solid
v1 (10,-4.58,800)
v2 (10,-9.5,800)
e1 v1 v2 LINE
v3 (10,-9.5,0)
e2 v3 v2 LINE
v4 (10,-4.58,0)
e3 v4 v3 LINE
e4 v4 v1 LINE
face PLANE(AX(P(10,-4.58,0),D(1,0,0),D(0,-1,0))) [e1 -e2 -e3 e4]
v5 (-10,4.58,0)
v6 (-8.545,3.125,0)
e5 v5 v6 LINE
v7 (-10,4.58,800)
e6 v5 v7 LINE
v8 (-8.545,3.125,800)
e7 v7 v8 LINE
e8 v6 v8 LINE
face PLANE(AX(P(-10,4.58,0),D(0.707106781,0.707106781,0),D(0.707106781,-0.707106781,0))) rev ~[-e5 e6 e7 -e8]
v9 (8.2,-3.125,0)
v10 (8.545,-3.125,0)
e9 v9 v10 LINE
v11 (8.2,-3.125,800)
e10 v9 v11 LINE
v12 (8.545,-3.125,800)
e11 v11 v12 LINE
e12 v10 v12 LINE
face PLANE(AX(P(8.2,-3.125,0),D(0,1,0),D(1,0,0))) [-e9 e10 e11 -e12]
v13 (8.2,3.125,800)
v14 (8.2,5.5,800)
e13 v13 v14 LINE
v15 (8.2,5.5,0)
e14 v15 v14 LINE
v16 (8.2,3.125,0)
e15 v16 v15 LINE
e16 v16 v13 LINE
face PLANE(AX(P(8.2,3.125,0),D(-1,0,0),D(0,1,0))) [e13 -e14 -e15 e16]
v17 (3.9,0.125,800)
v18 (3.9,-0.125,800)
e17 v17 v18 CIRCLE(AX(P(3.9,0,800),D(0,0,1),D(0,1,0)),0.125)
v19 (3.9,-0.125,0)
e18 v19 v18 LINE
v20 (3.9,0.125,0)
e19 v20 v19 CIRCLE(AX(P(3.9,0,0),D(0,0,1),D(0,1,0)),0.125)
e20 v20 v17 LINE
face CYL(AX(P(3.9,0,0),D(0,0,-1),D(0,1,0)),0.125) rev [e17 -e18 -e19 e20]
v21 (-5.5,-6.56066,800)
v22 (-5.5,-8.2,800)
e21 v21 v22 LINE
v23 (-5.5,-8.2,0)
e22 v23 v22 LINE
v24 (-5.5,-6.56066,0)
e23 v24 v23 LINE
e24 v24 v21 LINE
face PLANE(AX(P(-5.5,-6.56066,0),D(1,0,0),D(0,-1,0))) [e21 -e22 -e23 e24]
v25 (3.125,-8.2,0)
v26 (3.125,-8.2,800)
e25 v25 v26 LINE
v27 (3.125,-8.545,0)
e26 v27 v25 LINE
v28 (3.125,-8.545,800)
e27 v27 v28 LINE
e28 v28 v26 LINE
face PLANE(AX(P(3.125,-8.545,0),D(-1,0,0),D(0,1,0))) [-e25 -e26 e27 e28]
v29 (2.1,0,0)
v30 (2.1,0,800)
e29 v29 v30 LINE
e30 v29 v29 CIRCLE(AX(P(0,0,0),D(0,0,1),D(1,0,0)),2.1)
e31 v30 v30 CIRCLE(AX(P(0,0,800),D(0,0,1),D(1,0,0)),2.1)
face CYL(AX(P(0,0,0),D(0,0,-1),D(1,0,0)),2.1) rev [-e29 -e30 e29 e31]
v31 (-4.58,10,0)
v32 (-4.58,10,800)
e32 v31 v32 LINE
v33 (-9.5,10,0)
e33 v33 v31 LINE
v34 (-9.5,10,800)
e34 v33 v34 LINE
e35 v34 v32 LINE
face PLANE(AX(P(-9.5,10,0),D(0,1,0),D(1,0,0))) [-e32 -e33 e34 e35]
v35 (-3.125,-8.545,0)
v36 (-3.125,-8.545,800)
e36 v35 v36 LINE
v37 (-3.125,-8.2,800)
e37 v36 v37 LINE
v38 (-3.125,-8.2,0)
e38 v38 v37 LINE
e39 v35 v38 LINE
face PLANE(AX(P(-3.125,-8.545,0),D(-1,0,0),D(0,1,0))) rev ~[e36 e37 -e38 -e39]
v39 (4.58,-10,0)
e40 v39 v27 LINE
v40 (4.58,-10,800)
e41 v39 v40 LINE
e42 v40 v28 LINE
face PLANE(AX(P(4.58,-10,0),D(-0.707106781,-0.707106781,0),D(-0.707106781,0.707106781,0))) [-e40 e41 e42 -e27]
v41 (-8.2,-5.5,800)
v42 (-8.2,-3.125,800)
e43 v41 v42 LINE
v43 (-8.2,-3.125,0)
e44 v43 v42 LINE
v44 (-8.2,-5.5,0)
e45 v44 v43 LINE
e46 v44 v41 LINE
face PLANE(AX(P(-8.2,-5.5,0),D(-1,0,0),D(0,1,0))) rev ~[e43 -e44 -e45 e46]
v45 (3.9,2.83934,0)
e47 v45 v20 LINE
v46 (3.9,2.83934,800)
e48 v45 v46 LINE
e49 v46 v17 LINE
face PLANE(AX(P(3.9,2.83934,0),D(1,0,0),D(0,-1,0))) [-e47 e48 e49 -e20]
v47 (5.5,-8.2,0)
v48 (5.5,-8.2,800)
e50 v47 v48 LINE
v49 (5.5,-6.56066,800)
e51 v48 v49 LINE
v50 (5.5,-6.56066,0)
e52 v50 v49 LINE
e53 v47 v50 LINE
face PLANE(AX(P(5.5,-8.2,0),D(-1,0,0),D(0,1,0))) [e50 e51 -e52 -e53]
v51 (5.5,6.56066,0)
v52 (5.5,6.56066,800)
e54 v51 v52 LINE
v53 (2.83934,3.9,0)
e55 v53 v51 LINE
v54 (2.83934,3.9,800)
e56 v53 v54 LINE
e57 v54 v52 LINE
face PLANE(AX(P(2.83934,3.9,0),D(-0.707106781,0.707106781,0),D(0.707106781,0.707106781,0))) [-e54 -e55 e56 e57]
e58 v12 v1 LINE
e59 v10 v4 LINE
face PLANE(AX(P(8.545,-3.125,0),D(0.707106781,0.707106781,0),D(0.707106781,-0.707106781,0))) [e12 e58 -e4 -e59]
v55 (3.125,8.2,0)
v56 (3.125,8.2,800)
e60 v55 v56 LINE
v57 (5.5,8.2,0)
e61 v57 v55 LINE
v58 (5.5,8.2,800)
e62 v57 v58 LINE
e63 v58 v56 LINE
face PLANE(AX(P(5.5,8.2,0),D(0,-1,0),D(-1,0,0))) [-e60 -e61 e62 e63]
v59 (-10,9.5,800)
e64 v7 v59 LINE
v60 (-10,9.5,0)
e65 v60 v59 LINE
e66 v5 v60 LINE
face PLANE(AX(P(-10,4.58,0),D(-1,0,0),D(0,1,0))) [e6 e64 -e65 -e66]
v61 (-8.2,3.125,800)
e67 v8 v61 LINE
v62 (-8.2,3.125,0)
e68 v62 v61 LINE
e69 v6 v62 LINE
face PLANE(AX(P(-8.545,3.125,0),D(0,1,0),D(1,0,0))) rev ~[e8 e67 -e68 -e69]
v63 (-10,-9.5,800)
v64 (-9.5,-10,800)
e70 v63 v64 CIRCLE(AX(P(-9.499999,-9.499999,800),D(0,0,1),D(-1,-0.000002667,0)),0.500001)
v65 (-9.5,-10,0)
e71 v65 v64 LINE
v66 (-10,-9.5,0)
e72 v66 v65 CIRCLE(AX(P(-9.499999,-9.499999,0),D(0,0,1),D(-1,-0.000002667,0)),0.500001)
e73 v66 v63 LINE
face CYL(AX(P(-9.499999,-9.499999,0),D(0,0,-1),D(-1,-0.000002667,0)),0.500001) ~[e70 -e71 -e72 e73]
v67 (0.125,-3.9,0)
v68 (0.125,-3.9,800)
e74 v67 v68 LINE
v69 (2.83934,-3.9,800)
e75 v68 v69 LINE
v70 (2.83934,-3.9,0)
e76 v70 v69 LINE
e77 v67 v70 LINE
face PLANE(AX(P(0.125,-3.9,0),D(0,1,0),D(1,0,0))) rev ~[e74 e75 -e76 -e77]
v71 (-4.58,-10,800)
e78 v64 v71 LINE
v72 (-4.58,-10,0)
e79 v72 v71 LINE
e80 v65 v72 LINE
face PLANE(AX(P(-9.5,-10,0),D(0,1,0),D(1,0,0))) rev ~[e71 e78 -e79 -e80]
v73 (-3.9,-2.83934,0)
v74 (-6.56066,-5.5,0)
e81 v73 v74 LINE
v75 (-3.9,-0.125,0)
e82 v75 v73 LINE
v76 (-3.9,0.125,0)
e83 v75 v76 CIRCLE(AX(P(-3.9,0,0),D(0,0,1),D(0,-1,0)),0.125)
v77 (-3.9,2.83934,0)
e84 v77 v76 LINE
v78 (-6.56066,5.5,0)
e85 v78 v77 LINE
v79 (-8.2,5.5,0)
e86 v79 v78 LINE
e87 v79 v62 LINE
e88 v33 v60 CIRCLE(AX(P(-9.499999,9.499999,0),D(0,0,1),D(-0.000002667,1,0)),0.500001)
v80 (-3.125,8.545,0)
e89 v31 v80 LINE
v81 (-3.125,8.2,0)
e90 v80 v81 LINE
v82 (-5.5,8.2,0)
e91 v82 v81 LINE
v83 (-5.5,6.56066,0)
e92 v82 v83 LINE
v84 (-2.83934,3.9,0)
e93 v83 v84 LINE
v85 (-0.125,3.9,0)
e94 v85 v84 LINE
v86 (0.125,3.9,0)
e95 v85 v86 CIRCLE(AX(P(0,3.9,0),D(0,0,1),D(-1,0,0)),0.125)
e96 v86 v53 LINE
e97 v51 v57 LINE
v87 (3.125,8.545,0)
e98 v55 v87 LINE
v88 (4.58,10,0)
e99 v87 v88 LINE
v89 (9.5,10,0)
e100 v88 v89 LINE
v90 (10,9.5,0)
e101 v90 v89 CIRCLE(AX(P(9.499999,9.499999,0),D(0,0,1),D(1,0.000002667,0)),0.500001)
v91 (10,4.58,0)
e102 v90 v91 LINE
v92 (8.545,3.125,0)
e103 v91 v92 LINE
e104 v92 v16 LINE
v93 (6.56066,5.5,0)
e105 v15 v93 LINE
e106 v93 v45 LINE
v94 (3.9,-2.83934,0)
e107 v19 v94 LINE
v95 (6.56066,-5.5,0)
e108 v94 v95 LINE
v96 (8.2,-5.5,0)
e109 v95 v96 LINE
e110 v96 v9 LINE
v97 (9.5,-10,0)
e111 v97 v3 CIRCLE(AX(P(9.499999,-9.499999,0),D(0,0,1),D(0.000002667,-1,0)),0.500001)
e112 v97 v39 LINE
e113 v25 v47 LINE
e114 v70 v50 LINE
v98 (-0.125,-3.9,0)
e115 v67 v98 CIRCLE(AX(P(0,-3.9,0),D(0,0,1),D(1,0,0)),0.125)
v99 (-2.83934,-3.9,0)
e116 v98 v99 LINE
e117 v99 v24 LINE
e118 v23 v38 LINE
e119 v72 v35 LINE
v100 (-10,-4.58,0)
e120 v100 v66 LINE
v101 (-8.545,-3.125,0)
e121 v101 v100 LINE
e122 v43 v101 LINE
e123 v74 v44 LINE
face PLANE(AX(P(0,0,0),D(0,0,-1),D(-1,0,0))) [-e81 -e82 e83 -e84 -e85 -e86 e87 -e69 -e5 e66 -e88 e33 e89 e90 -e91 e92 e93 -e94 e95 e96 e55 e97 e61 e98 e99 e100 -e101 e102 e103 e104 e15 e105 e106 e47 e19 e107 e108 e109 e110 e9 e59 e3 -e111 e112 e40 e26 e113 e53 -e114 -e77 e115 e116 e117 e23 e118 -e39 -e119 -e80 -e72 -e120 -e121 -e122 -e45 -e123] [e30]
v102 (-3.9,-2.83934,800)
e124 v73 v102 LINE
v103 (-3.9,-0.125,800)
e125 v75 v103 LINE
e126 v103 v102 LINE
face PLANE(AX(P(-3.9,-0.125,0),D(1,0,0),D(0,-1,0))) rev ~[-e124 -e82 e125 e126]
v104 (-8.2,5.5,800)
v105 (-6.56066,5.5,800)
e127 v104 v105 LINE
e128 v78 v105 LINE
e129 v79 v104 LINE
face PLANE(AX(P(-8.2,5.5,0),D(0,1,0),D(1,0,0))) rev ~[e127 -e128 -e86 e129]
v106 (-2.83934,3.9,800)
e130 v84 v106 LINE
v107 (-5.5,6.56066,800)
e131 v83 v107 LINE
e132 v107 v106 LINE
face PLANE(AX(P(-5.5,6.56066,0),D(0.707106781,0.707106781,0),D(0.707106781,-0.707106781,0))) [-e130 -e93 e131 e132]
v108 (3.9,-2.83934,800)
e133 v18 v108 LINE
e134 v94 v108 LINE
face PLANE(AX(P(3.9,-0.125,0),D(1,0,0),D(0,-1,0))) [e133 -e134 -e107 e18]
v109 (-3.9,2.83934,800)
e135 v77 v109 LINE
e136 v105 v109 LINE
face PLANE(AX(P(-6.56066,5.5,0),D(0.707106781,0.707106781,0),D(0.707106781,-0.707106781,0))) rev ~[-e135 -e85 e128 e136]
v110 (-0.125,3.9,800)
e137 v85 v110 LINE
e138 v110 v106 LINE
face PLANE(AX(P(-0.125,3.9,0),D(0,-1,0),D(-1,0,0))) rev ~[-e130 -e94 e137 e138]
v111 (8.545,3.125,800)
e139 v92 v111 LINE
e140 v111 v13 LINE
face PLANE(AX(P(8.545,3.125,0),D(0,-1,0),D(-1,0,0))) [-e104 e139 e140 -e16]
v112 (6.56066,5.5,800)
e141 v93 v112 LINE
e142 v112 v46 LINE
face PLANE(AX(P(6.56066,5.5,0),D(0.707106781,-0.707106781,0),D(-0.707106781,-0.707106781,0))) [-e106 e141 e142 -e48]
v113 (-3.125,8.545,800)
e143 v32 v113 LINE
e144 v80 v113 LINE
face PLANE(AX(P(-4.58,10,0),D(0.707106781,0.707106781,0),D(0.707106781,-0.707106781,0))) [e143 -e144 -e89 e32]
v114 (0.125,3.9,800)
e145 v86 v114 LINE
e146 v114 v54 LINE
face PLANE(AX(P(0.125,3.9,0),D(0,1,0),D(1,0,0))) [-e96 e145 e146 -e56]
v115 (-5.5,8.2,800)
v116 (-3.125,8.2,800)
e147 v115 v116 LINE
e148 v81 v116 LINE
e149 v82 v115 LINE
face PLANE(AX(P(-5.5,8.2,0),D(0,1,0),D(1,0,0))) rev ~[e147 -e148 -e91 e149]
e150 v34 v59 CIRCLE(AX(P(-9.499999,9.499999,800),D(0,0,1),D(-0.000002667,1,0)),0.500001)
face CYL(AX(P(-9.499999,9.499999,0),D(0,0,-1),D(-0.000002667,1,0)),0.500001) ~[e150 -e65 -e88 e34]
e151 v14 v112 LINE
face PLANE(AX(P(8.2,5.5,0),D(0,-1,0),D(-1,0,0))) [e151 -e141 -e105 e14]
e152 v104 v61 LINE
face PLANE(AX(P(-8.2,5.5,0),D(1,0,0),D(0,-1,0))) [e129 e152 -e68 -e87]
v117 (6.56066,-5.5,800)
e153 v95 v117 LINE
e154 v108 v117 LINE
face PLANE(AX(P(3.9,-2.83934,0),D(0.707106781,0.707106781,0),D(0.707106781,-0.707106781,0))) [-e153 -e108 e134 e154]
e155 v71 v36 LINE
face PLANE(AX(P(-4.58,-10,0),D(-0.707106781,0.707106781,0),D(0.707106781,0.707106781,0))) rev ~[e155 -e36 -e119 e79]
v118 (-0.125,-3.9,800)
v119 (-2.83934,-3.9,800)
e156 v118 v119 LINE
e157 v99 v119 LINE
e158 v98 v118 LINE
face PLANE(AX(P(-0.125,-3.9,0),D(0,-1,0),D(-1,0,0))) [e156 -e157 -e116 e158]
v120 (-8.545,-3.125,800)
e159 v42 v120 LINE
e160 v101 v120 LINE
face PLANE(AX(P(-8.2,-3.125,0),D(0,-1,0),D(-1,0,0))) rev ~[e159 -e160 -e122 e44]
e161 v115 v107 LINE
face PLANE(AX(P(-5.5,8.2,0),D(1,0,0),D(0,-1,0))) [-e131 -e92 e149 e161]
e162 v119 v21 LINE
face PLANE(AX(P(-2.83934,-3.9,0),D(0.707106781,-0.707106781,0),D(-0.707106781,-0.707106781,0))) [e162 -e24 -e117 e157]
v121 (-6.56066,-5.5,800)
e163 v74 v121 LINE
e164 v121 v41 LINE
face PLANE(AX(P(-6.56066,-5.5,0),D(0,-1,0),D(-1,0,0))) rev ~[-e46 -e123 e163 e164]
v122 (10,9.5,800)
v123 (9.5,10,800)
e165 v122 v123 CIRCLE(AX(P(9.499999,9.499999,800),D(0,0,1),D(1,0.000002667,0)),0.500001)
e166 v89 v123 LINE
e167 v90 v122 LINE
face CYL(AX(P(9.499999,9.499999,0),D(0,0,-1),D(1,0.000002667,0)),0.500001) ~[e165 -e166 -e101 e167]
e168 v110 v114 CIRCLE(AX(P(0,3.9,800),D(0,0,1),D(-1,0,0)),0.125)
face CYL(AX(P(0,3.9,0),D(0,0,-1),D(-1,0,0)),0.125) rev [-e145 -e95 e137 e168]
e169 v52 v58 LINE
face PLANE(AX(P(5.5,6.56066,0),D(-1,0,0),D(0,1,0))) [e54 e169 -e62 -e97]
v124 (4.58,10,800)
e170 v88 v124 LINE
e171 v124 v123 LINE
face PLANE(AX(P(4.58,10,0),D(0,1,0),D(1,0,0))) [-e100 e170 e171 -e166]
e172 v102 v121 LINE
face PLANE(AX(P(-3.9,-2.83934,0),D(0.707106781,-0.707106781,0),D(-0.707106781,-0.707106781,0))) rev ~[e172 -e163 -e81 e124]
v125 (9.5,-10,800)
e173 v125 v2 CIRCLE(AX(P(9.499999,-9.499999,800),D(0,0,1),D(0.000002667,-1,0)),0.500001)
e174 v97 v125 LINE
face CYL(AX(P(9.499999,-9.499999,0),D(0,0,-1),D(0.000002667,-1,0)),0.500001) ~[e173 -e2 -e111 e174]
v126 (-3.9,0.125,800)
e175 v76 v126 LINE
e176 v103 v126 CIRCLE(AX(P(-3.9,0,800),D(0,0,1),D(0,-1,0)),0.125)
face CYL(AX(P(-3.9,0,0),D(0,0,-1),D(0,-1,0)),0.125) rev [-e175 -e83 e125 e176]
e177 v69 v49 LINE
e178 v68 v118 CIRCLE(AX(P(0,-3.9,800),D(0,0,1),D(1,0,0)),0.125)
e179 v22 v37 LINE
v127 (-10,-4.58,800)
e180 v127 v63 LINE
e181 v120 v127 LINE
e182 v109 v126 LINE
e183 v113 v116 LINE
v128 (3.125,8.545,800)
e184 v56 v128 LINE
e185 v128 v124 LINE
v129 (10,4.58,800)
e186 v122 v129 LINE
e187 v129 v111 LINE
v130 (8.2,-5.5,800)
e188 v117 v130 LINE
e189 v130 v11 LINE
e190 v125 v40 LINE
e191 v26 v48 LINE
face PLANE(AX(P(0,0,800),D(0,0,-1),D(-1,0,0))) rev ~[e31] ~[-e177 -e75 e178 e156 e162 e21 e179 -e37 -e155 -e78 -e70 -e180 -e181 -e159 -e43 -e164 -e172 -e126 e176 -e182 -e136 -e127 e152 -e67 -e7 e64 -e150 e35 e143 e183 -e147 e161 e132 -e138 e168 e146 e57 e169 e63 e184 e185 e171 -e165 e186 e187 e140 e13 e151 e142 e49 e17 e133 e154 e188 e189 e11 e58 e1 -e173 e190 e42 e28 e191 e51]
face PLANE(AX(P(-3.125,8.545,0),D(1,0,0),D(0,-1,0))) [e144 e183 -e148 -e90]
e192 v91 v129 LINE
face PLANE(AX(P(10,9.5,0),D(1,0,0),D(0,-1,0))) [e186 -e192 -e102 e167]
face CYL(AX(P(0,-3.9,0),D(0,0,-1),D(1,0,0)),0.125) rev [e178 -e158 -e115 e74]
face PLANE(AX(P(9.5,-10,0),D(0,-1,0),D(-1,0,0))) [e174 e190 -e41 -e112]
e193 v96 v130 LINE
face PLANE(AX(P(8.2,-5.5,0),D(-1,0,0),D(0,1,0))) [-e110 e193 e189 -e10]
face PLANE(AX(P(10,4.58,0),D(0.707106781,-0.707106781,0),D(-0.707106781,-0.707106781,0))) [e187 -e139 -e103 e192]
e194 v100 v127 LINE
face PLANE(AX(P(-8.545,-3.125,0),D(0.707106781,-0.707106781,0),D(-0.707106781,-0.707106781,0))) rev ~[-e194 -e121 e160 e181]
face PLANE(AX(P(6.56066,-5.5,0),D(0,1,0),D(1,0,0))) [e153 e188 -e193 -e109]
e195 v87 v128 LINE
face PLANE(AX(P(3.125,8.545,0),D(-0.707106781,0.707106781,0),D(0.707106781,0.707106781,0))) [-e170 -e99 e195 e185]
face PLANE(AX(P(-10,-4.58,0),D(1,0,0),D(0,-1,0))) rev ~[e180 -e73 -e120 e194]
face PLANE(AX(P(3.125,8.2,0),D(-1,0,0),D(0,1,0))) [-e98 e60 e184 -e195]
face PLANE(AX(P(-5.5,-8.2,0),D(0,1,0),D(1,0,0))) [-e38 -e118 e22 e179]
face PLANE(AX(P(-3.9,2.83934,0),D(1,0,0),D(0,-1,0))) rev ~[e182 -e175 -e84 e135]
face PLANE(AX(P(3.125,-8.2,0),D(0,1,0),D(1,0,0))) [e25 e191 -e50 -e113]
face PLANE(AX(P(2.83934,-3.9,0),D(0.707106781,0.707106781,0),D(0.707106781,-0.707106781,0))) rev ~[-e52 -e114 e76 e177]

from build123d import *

# Parameters (mm, degrees)
SKETCH_R  = 2.1
PAD_DEPTH = 800


with BuildPart() as part:
    # Sketch → Pad (new body)
    with BuildSketch(Plane.XY):
        with BuildLine():
            Line((-10, 4.58), (-10, 9.5))
            ThreePointArc((-9.5, 10), (-9.853553, 9.853553), (-10, 9.5))
            Line((-9.5, 10), (-4.58, 10))
            Line((-4.58, 10), (-3.125, 8.545))
            Line((-3.125, 8.545), (-3.125, 8.2))
            Line((-5.5, 8.2), (-3.125, 8.2))
            Line((-5.5, 8.2), (-5.5, 6.56066))
            Line((-5.5, 6.56066), (-2.83934, 3.9))
            Line((-0.125, 3.9), (-2.83934, 3.9))
            ThreePointArc((-0.125, 3.9), (0, 3.775), (0.125, 3.9))
            Line((0.125, 3.9), (2.83934, 3.9))
            Line((2.83934, 3.9), (5.5, 6.56066))
            Line((5.5, 6.56066), (5.5, 8.2))
            Line((5.5, 8.2), (3.125, 8.2))
            Line((3.125, 8.2), (3.125, 8.545))
            Line((3.125, 8.545), (4.58, 10))
            Line((4.58, 10), (9.5, 10))
            ThreePointArc((10, 9.5), (9.853553, 9.853553), (9.5, 10))
            Line((10, 9.5), (10, 4.58))
            Line((10, 4.58), (8.545, 3.125))
            Line((8.545, 3.125), (8.2, 3.125))
            Line((8.2, 3.125), (8.2, 5.5))
            Line((8.2, 5.5), (6.56066, 5.5))
            Line((6.56066, 5.5), (3.9, 2.83934))
            Line((3.9, 2.83934), (3.9, 0.125))
            ThreePointArc((3.9, 0.125), (3.775, 0), (3.9, -0.125))
            Line((3.9, -0.125), (3.9, -2.83934))
            Line((3.9, -2.83934), (6.56066, -5.5))
            Line((6.56066, -5.5), (8.2, -5.5))
            Line((8.2, -5.5), (8.2, -3.125))
            Line((8.2, -3.125), (8.545, -3.125))
            Line((8.545, -3.125), (10, -4.58))
            Line((10, -4.58), (10, -9.5))
            ThreePointArc((9.5, -10), (9.853553, -9.853553), (10, -9.5))
            Line((9.5, -10), (4.58, -10))
            Line((4.58, -10), (3.125, -8.545))
            Line((3.125, -8.545), (3.125, -8.2))
            Line((3.125, -8.2), (5.5, -8.2))
            Line((5.5, -8.2), (5.5, -6.56066))
            Line((2.83934, -3.9), (5.5, -6.56066))
            Line((0.125, -3.9), (2.83934, -3.9))
            ThreePointArc((0.125, -3.9), (0, -3.775), (-0.125, -3.9))
            Line((-0.125, -3.9), (-2.83934, -3.9))
            Line((-2.83934, -3.9), (-5.5, -6.56066))
            Line((-5.5, -6.56066), (-5.5, -8.2))
            Line((-5.5, -8.2), (-3.125, -8.2))
            Line((-3.125, -8.545), (-3.125, -8.2))
            Line((-4.58, -10), (-3.125, -8.545))
            Line((-9.5, -10), (-4.58, -10))
            ThreePointArc((-10, -9.5), (-9.853553, -9.853553), (-9.5, -10))
            Line((-10, -4.58), (-10, -9.5))
            Line((-8.545, -3.125), (-10, -4.58))
            Line((-8.2, -3.125), (-8.545, -3.125))
            Line((-8.2, -5.5), (-8.2, -3.125))
            Line((-6.56066, -5.5), (-8.2, -5.5))
            Line((-3.9, -2.83934), (-6.56066, -5.5))
            Line((-3.9, -0.125), (-3.9, -2.83934))
            ThreePointArc((-3.9, -0.125), (-3.775, 0), (-3.9, 0.125))
            Line((-3.9, 2.83934), (-3.9, 0.125))
            Line((-6.56066, 5.5), (-3.9, 2.83934))
            Line((-8.2, 5.5), (-6.56066, 5.5))
            Line((-8.2, 5.5), (-8.2, 3.125))
            Line((-8.545, 3.125), (-8.2, 3.125))
            Line((-10, 4.58), (-8.545, 3.125))
        make_face()
        Circle(SKETCH_R, mode=Mode.SUBTRACT)
    extrude(amount=PAD_DEPTH)


solid = part.part
